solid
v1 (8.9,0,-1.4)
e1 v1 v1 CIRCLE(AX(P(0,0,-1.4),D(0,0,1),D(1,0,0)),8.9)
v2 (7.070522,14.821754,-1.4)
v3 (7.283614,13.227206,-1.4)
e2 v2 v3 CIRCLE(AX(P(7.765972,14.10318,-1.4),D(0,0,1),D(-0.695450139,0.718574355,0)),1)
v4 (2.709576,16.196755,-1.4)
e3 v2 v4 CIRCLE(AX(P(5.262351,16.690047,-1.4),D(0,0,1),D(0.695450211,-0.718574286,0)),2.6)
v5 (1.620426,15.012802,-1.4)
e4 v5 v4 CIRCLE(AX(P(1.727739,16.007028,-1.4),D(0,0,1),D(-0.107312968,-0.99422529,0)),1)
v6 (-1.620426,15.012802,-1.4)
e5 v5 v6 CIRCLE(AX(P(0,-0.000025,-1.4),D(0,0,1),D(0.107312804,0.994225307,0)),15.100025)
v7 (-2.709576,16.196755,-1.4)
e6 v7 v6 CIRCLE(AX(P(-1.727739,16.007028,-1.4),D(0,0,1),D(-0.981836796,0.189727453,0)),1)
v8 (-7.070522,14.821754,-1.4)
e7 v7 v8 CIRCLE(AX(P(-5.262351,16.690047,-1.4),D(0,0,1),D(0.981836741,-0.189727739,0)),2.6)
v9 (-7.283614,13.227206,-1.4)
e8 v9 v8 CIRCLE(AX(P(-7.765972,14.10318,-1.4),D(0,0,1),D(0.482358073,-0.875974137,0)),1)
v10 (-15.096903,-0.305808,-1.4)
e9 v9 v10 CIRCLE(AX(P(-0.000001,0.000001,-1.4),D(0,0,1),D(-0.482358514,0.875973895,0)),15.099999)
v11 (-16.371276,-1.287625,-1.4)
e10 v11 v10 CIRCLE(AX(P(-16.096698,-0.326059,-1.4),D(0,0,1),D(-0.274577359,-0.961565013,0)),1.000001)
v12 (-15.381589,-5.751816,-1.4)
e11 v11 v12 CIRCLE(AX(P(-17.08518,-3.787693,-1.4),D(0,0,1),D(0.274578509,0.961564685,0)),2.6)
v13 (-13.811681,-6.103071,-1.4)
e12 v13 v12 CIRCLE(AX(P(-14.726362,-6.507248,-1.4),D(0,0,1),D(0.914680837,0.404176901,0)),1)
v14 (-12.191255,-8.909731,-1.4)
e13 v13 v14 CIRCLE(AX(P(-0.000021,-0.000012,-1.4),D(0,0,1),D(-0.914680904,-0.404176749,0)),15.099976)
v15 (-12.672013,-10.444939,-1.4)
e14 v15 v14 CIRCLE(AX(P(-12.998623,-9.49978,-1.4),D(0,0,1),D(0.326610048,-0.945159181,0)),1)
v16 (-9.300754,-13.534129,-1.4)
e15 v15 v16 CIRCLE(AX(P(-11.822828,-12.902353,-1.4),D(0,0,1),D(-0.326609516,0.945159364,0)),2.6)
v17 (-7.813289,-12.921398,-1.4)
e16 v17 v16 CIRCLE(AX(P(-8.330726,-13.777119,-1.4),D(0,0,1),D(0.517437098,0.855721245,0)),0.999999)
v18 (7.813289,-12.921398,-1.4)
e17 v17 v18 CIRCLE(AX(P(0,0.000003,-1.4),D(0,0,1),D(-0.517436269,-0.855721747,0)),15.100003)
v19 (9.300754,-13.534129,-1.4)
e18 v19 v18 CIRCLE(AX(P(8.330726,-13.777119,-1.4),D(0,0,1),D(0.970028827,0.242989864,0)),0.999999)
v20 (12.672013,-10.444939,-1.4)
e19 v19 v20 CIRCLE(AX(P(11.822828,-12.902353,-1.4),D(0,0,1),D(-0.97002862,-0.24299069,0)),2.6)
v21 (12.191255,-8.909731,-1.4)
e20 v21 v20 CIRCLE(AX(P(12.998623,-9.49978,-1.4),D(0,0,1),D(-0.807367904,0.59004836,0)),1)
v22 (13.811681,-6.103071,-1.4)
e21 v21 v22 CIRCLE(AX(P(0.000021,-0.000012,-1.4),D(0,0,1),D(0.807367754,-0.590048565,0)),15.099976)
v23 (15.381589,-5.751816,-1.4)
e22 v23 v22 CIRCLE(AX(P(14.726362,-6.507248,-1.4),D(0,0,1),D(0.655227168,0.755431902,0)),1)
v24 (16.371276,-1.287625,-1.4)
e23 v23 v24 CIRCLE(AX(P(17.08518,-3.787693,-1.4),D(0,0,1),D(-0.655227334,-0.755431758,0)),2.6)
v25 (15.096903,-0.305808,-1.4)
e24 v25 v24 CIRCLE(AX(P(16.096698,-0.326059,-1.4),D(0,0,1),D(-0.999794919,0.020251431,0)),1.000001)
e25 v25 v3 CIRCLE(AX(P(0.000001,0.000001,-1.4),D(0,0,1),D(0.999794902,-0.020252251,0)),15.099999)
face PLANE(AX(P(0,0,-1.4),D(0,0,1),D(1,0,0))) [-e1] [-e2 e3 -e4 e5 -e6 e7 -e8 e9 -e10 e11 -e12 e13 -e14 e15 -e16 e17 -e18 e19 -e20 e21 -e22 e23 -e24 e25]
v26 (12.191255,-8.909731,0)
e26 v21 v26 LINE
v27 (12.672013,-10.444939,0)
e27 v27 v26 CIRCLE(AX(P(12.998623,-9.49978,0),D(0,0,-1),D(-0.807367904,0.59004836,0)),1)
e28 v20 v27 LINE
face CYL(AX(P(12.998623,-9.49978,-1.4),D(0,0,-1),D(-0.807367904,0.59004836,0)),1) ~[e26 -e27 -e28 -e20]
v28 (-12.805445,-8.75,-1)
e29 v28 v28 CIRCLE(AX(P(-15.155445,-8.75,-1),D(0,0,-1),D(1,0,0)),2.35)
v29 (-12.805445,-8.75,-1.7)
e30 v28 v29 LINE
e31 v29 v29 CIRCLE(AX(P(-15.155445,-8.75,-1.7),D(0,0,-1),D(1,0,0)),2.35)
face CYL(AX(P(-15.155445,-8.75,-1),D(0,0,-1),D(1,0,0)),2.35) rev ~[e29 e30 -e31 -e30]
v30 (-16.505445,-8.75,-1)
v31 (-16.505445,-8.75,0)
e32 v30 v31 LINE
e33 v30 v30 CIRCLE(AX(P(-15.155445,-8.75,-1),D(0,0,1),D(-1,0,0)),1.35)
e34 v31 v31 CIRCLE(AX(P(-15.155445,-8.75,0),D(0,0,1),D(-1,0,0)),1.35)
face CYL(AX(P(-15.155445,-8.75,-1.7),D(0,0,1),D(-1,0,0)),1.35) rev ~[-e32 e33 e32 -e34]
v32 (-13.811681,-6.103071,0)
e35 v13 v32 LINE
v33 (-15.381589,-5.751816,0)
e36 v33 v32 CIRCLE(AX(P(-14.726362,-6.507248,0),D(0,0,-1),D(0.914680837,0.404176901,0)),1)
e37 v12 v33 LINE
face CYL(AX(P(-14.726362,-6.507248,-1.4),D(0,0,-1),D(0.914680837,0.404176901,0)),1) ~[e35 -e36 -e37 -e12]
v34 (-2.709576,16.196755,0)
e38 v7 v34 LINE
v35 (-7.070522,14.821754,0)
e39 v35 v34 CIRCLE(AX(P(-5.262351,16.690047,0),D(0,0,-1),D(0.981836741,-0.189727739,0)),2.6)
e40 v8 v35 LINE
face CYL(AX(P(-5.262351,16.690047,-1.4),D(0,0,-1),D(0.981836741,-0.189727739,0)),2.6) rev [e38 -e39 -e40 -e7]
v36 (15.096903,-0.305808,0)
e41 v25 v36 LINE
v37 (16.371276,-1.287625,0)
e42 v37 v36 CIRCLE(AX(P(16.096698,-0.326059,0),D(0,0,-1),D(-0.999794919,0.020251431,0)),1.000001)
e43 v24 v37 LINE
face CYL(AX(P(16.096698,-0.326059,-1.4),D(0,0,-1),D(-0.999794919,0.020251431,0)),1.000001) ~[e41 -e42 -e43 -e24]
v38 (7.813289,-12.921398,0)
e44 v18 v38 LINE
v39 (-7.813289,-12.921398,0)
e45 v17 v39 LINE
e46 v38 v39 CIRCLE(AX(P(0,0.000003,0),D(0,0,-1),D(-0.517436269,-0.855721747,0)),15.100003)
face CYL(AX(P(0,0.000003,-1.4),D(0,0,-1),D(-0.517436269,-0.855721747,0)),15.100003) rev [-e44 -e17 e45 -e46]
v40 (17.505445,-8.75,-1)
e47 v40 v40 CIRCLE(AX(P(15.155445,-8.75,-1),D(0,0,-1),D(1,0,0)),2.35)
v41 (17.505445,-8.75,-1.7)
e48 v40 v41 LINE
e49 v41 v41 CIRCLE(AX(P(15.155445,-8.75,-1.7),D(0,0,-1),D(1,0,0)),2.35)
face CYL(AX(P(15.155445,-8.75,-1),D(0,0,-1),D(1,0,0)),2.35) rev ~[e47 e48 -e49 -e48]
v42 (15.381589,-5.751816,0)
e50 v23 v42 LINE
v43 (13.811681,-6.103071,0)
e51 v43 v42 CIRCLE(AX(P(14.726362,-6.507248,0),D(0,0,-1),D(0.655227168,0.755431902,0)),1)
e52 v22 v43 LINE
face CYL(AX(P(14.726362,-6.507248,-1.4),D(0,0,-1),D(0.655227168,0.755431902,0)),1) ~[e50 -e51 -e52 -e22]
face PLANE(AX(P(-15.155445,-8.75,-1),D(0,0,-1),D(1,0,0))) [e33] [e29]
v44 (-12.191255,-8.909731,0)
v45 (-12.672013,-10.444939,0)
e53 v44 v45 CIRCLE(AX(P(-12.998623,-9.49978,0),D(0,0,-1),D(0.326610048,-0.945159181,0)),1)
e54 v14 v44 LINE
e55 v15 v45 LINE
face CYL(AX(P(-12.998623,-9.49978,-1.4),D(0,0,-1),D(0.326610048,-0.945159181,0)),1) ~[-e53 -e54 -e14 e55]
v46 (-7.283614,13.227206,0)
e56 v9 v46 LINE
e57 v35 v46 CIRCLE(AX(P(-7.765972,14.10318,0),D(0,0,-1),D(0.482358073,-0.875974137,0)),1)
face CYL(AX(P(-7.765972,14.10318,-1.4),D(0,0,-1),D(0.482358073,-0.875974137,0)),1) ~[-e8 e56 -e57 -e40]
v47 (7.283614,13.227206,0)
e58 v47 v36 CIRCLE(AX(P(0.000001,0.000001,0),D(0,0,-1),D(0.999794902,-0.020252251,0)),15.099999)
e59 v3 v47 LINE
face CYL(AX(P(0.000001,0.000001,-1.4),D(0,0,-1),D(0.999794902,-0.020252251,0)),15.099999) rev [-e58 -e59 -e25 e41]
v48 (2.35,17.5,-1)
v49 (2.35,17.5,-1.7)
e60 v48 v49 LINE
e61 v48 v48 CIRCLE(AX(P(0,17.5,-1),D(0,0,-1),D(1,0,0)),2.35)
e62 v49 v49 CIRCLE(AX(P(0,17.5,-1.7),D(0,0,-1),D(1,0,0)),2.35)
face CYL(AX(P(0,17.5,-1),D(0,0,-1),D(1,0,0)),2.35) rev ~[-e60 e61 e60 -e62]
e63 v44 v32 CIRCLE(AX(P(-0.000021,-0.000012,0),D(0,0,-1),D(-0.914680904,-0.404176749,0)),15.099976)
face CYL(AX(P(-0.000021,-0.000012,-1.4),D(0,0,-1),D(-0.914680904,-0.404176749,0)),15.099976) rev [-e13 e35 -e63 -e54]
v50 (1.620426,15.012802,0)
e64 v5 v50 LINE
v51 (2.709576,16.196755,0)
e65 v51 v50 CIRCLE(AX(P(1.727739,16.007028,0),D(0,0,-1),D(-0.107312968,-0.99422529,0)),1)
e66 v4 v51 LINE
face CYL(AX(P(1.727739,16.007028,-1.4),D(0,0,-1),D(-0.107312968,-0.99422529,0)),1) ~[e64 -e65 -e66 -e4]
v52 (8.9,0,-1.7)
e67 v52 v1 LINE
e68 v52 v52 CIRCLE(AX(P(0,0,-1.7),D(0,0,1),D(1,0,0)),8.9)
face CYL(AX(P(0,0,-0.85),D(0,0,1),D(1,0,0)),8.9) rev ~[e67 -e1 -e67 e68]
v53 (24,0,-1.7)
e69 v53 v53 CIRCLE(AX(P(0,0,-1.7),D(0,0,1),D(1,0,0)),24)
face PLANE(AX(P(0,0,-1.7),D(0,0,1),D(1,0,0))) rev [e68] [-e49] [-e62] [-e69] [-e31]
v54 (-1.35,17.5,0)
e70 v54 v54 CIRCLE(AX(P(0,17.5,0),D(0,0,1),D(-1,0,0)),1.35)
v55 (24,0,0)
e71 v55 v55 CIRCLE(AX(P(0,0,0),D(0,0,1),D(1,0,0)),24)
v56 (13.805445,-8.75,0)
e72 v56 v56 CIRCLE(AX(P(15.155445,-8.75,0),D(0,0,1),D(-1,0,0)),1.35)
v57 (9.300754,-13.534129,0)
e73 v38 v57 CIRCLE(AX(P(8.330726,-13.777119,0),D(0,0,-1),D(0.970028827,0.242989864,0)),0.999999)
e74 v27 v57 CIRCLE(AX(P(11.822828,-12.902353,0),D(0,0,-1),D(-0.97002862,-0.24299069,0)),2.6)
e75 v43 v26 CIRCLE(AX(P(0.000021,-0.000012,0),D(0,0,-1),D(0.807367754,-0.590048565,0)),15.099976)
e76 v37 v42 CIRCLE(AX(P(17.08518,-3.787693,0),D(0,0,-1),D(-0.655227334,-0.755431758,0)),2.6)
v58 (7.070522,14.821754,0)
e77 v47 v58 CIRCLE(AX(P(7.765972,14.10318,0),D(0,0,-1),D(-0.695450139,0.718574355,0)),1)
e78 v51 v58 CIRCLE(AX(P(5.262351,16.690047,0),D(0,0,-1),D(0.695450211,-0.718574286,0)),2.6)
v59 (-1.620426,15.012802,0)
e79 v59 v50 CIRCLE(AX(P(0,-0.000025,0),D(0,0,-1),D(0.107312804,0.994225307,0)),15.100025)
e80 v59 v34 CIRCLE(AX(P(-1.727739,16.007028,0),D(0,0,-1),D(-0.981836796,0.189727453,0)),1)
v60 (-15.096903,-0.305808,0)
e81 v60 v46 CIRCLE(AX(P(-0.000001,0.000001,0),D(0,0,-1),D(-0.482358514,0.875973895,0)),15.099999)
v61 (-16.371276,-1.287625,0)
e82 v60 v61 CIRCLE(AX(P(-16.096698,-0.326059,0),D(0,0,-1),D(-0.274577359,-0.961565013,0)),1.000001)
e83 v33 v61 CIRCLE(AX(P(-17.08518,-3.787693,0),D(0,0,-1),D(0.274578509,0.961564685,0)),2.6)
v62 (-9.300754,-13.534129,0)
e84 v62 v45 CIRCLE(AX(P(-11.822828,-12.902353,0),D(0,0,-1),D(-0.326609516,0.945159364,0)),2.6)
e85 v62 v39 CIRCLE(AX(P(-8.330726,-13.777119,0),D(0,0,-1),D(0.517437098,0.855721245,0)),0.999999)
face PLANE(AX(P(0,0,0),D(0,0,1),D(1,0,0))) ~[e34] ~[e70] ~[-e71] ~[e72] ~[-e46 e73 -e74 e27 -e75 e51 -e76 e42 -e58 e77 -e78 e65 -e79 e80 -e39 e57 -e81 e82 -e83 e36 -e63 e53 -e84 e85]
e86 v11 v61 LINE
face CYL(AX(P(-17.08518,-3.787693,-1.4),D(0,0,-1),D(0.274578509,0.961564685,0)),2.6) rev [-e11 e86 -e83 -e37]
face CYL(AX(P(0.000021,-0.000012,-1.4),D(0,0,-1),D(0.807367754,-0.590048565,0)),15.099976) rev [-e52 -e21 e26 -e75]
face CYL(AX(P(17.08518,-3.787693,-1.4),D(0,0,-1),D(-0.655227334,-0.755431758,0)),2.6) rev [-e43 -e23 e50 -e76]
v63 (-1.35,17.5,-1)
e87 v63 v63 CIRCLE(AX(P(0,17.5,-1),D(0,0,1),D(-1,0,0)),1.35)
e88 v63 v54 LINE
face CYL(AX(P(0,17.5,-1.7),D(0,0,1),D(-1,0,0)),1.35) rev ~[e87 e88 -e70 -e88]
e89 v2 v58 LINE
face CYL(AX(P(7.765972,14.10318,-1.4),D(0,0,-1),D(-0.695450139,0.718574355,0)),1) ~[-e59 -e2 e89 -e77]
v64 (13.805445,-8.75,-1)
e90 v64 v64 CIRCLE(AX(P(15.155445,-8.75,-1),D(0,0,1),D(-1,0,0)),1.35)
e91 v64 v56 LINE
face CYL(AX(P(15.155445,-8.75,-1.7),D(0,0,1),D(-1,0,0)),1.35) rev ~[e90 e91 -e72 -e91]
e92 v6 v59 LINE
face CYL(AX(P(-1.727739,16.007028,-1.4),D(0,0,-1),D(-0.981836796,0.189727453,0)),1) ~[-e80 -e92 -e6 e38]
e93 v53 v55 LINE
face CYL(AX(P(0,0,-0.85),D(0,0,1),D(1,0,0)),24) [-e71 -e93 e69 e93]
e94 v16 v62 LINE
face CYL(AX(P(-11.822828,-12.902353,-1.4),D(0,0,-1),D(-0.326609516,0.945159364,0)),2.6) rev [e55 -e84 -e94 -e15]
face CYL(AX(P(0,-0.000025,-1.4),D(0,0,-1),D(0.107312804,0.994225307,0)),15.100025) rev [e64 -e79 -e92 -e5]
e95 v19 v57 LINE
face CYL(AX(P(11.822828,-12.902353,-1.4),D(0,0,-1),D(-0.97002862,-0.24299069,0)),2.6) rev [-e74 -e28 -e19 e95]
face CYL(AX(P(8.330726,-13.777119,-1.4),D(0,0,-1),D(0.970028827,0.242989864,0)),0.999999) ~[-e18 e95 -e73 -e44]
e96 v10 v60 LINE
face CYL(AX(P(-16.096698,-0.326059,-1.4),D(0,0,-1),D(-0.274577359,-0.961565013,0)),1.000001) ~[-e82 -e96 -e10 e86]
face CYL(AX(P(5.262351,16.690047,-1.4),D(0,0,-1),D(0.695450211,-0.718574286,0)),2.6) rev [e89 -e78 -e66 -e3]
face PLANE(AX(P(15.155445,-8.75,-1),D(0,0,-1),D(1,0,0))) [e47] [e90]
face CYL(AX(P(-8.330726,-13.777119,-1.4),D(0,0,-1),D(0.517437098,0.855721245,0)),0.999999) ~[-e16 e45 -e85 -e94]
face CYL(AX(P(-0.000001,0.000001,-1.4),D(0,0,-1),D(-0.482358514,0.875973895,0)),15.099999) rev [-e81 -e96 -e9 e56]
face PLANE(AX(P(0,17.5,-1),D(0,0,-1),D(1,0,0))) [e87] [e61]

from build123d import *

# Parameters (mm, degrees)
SKETCH_W         = 15.1
SKETCH_H         = 1.7
POCKET_DEPTH     = 5.2
HOLE_D           = 2.7
HOLE_CBORE_D     = 4.7
HOLE_CBORE_DEPTH = 0.7


with BuildPart() as part:
    # Sketch → Revolution (revolve)
    with BuildSketch(Plane.XZ):
        with Locations((16.45, 0.85)):
            Rectangle(SKETCH_W, SKETCH_H)
    revolve(axis=Axis((0, 0, 0), (0, 0, 1)))

    # Sketch001 → Pocket (cut)
    with BuildSketch(Plane.XY.offset(0.3)):
        with BuildLine():
            ThreePointArc((-16.371276, -1.287625), (-19.62355, -4.350436), (-15.381589, -5.751816))
            ThreePointArc((-13.811681, -6.103071), (-14.508018, -5.531376), (-15.381589, -5.751816))
            ThreePointArc((-13.811681, -6.103071), (-13.076984, -7.55), (-12.191255, -8.909731))
            ThreePointArc((-12.672013, -10.444939), (-12.044321, -9.798624), (-12.191255, -8.909731))
            ThreePointArc((-12.672013, -10.444939), (-13.579363, -14.819274), (-9.300754, -13.534129))
            ThreePointArc((-7.813289, -12.921398), (-8.711606, -12.852495), (-9.300754, -13.534129))
            ThreePointArc((-7.813289, -12.921398), (0, -15.1), (7.813289, -12.921398))
            ThreePointArc((9.300754, -13.534129), (8.711606, -12.852495), (7.813289, -12.921398))
            ThreePointArc((9.300754, -13.534129), (13.579363, -14.819274), (12.672013, -10.444939))
            ThreePointArc((12.191255, -8.909731), (12.044321, -9.798624), (12.672013, -10.444939))
            ThreePointArc((12.191255, -8.909731), (13.076984, -7.55), (13.811681, -6.103071))
            ThreePointArc((15.381589, -5.751816), (14.508018, -5.531376), (13.811681, -6.103071))
            ThreePointArc((15.381589, -5.751816), (19.62355, -4.350436), (16.371276, -1.287625))
            ThreePointArc((15.096903, -0.305808), (15.48639, -1.118224), (16.371276, -1.287625))
            ThreePointArc((15.096903, -0.305808), (13.076984, 7.55), (7.283614, 13.227206))
            ThreePointArc((7.070522, 14.821754), (6.774784, 13.970719), (7.283614, 13.227206))
            ThreePointArc((7.070522, 14.821754), (6.044187, 19.169711), (2.709576, 16.196755))
            ThreePointArc((1.620426, 15.012802), (2.463697, 15.33), (2.709576, 16.196755))
            ThreePointArc((1.620426, 15.012802), (0, 15.1), (-1.620426, 15.012802))
            ThreePointArc((-2.709576, 16.196755), (-2.463697, 15.33), (-1.620426, 15.012802))
            ThreePointArc((-2.709576, 16.196755), (-6.044187, 19.169711), (-7.070522, 14.821754))
            ThreePointArc((-7.283614, 13.227206), (-6.774784, 13.970719), (-7.070522, 14.821754))
            ThreePointArc((-7.283614, 13.227206), (-13.076984, 7.55), (-15.096903, -0.305808))
            ThreePointArc((-16.371276, -1.287625), (-15.48639, -1.118224), (-15.096903, -0.305808))
        make_face()
    extrude(amount=POCKET_DEPTH, mode=Mode.SUBTRACT)

    # Hole (through all)
    with Locations(Plane(origin=(0, 0, 0), x_dir=(1, 0, 0), z_dir=(0, 0, -1))):
        with Locations((0, -17.5), (-15.155445, 8.75), (15.155445, 8.75)):
            CounterBoreHole(HOLE_D / 2, HOLE_CBORE_D / 2, HOLE_CBORE_DEPTH)


with BuildPart() as part_1:
    # Clone placement: moved
    add(part.part.moved(Location((0, 0, -1.7))))


solid = part_1.part
